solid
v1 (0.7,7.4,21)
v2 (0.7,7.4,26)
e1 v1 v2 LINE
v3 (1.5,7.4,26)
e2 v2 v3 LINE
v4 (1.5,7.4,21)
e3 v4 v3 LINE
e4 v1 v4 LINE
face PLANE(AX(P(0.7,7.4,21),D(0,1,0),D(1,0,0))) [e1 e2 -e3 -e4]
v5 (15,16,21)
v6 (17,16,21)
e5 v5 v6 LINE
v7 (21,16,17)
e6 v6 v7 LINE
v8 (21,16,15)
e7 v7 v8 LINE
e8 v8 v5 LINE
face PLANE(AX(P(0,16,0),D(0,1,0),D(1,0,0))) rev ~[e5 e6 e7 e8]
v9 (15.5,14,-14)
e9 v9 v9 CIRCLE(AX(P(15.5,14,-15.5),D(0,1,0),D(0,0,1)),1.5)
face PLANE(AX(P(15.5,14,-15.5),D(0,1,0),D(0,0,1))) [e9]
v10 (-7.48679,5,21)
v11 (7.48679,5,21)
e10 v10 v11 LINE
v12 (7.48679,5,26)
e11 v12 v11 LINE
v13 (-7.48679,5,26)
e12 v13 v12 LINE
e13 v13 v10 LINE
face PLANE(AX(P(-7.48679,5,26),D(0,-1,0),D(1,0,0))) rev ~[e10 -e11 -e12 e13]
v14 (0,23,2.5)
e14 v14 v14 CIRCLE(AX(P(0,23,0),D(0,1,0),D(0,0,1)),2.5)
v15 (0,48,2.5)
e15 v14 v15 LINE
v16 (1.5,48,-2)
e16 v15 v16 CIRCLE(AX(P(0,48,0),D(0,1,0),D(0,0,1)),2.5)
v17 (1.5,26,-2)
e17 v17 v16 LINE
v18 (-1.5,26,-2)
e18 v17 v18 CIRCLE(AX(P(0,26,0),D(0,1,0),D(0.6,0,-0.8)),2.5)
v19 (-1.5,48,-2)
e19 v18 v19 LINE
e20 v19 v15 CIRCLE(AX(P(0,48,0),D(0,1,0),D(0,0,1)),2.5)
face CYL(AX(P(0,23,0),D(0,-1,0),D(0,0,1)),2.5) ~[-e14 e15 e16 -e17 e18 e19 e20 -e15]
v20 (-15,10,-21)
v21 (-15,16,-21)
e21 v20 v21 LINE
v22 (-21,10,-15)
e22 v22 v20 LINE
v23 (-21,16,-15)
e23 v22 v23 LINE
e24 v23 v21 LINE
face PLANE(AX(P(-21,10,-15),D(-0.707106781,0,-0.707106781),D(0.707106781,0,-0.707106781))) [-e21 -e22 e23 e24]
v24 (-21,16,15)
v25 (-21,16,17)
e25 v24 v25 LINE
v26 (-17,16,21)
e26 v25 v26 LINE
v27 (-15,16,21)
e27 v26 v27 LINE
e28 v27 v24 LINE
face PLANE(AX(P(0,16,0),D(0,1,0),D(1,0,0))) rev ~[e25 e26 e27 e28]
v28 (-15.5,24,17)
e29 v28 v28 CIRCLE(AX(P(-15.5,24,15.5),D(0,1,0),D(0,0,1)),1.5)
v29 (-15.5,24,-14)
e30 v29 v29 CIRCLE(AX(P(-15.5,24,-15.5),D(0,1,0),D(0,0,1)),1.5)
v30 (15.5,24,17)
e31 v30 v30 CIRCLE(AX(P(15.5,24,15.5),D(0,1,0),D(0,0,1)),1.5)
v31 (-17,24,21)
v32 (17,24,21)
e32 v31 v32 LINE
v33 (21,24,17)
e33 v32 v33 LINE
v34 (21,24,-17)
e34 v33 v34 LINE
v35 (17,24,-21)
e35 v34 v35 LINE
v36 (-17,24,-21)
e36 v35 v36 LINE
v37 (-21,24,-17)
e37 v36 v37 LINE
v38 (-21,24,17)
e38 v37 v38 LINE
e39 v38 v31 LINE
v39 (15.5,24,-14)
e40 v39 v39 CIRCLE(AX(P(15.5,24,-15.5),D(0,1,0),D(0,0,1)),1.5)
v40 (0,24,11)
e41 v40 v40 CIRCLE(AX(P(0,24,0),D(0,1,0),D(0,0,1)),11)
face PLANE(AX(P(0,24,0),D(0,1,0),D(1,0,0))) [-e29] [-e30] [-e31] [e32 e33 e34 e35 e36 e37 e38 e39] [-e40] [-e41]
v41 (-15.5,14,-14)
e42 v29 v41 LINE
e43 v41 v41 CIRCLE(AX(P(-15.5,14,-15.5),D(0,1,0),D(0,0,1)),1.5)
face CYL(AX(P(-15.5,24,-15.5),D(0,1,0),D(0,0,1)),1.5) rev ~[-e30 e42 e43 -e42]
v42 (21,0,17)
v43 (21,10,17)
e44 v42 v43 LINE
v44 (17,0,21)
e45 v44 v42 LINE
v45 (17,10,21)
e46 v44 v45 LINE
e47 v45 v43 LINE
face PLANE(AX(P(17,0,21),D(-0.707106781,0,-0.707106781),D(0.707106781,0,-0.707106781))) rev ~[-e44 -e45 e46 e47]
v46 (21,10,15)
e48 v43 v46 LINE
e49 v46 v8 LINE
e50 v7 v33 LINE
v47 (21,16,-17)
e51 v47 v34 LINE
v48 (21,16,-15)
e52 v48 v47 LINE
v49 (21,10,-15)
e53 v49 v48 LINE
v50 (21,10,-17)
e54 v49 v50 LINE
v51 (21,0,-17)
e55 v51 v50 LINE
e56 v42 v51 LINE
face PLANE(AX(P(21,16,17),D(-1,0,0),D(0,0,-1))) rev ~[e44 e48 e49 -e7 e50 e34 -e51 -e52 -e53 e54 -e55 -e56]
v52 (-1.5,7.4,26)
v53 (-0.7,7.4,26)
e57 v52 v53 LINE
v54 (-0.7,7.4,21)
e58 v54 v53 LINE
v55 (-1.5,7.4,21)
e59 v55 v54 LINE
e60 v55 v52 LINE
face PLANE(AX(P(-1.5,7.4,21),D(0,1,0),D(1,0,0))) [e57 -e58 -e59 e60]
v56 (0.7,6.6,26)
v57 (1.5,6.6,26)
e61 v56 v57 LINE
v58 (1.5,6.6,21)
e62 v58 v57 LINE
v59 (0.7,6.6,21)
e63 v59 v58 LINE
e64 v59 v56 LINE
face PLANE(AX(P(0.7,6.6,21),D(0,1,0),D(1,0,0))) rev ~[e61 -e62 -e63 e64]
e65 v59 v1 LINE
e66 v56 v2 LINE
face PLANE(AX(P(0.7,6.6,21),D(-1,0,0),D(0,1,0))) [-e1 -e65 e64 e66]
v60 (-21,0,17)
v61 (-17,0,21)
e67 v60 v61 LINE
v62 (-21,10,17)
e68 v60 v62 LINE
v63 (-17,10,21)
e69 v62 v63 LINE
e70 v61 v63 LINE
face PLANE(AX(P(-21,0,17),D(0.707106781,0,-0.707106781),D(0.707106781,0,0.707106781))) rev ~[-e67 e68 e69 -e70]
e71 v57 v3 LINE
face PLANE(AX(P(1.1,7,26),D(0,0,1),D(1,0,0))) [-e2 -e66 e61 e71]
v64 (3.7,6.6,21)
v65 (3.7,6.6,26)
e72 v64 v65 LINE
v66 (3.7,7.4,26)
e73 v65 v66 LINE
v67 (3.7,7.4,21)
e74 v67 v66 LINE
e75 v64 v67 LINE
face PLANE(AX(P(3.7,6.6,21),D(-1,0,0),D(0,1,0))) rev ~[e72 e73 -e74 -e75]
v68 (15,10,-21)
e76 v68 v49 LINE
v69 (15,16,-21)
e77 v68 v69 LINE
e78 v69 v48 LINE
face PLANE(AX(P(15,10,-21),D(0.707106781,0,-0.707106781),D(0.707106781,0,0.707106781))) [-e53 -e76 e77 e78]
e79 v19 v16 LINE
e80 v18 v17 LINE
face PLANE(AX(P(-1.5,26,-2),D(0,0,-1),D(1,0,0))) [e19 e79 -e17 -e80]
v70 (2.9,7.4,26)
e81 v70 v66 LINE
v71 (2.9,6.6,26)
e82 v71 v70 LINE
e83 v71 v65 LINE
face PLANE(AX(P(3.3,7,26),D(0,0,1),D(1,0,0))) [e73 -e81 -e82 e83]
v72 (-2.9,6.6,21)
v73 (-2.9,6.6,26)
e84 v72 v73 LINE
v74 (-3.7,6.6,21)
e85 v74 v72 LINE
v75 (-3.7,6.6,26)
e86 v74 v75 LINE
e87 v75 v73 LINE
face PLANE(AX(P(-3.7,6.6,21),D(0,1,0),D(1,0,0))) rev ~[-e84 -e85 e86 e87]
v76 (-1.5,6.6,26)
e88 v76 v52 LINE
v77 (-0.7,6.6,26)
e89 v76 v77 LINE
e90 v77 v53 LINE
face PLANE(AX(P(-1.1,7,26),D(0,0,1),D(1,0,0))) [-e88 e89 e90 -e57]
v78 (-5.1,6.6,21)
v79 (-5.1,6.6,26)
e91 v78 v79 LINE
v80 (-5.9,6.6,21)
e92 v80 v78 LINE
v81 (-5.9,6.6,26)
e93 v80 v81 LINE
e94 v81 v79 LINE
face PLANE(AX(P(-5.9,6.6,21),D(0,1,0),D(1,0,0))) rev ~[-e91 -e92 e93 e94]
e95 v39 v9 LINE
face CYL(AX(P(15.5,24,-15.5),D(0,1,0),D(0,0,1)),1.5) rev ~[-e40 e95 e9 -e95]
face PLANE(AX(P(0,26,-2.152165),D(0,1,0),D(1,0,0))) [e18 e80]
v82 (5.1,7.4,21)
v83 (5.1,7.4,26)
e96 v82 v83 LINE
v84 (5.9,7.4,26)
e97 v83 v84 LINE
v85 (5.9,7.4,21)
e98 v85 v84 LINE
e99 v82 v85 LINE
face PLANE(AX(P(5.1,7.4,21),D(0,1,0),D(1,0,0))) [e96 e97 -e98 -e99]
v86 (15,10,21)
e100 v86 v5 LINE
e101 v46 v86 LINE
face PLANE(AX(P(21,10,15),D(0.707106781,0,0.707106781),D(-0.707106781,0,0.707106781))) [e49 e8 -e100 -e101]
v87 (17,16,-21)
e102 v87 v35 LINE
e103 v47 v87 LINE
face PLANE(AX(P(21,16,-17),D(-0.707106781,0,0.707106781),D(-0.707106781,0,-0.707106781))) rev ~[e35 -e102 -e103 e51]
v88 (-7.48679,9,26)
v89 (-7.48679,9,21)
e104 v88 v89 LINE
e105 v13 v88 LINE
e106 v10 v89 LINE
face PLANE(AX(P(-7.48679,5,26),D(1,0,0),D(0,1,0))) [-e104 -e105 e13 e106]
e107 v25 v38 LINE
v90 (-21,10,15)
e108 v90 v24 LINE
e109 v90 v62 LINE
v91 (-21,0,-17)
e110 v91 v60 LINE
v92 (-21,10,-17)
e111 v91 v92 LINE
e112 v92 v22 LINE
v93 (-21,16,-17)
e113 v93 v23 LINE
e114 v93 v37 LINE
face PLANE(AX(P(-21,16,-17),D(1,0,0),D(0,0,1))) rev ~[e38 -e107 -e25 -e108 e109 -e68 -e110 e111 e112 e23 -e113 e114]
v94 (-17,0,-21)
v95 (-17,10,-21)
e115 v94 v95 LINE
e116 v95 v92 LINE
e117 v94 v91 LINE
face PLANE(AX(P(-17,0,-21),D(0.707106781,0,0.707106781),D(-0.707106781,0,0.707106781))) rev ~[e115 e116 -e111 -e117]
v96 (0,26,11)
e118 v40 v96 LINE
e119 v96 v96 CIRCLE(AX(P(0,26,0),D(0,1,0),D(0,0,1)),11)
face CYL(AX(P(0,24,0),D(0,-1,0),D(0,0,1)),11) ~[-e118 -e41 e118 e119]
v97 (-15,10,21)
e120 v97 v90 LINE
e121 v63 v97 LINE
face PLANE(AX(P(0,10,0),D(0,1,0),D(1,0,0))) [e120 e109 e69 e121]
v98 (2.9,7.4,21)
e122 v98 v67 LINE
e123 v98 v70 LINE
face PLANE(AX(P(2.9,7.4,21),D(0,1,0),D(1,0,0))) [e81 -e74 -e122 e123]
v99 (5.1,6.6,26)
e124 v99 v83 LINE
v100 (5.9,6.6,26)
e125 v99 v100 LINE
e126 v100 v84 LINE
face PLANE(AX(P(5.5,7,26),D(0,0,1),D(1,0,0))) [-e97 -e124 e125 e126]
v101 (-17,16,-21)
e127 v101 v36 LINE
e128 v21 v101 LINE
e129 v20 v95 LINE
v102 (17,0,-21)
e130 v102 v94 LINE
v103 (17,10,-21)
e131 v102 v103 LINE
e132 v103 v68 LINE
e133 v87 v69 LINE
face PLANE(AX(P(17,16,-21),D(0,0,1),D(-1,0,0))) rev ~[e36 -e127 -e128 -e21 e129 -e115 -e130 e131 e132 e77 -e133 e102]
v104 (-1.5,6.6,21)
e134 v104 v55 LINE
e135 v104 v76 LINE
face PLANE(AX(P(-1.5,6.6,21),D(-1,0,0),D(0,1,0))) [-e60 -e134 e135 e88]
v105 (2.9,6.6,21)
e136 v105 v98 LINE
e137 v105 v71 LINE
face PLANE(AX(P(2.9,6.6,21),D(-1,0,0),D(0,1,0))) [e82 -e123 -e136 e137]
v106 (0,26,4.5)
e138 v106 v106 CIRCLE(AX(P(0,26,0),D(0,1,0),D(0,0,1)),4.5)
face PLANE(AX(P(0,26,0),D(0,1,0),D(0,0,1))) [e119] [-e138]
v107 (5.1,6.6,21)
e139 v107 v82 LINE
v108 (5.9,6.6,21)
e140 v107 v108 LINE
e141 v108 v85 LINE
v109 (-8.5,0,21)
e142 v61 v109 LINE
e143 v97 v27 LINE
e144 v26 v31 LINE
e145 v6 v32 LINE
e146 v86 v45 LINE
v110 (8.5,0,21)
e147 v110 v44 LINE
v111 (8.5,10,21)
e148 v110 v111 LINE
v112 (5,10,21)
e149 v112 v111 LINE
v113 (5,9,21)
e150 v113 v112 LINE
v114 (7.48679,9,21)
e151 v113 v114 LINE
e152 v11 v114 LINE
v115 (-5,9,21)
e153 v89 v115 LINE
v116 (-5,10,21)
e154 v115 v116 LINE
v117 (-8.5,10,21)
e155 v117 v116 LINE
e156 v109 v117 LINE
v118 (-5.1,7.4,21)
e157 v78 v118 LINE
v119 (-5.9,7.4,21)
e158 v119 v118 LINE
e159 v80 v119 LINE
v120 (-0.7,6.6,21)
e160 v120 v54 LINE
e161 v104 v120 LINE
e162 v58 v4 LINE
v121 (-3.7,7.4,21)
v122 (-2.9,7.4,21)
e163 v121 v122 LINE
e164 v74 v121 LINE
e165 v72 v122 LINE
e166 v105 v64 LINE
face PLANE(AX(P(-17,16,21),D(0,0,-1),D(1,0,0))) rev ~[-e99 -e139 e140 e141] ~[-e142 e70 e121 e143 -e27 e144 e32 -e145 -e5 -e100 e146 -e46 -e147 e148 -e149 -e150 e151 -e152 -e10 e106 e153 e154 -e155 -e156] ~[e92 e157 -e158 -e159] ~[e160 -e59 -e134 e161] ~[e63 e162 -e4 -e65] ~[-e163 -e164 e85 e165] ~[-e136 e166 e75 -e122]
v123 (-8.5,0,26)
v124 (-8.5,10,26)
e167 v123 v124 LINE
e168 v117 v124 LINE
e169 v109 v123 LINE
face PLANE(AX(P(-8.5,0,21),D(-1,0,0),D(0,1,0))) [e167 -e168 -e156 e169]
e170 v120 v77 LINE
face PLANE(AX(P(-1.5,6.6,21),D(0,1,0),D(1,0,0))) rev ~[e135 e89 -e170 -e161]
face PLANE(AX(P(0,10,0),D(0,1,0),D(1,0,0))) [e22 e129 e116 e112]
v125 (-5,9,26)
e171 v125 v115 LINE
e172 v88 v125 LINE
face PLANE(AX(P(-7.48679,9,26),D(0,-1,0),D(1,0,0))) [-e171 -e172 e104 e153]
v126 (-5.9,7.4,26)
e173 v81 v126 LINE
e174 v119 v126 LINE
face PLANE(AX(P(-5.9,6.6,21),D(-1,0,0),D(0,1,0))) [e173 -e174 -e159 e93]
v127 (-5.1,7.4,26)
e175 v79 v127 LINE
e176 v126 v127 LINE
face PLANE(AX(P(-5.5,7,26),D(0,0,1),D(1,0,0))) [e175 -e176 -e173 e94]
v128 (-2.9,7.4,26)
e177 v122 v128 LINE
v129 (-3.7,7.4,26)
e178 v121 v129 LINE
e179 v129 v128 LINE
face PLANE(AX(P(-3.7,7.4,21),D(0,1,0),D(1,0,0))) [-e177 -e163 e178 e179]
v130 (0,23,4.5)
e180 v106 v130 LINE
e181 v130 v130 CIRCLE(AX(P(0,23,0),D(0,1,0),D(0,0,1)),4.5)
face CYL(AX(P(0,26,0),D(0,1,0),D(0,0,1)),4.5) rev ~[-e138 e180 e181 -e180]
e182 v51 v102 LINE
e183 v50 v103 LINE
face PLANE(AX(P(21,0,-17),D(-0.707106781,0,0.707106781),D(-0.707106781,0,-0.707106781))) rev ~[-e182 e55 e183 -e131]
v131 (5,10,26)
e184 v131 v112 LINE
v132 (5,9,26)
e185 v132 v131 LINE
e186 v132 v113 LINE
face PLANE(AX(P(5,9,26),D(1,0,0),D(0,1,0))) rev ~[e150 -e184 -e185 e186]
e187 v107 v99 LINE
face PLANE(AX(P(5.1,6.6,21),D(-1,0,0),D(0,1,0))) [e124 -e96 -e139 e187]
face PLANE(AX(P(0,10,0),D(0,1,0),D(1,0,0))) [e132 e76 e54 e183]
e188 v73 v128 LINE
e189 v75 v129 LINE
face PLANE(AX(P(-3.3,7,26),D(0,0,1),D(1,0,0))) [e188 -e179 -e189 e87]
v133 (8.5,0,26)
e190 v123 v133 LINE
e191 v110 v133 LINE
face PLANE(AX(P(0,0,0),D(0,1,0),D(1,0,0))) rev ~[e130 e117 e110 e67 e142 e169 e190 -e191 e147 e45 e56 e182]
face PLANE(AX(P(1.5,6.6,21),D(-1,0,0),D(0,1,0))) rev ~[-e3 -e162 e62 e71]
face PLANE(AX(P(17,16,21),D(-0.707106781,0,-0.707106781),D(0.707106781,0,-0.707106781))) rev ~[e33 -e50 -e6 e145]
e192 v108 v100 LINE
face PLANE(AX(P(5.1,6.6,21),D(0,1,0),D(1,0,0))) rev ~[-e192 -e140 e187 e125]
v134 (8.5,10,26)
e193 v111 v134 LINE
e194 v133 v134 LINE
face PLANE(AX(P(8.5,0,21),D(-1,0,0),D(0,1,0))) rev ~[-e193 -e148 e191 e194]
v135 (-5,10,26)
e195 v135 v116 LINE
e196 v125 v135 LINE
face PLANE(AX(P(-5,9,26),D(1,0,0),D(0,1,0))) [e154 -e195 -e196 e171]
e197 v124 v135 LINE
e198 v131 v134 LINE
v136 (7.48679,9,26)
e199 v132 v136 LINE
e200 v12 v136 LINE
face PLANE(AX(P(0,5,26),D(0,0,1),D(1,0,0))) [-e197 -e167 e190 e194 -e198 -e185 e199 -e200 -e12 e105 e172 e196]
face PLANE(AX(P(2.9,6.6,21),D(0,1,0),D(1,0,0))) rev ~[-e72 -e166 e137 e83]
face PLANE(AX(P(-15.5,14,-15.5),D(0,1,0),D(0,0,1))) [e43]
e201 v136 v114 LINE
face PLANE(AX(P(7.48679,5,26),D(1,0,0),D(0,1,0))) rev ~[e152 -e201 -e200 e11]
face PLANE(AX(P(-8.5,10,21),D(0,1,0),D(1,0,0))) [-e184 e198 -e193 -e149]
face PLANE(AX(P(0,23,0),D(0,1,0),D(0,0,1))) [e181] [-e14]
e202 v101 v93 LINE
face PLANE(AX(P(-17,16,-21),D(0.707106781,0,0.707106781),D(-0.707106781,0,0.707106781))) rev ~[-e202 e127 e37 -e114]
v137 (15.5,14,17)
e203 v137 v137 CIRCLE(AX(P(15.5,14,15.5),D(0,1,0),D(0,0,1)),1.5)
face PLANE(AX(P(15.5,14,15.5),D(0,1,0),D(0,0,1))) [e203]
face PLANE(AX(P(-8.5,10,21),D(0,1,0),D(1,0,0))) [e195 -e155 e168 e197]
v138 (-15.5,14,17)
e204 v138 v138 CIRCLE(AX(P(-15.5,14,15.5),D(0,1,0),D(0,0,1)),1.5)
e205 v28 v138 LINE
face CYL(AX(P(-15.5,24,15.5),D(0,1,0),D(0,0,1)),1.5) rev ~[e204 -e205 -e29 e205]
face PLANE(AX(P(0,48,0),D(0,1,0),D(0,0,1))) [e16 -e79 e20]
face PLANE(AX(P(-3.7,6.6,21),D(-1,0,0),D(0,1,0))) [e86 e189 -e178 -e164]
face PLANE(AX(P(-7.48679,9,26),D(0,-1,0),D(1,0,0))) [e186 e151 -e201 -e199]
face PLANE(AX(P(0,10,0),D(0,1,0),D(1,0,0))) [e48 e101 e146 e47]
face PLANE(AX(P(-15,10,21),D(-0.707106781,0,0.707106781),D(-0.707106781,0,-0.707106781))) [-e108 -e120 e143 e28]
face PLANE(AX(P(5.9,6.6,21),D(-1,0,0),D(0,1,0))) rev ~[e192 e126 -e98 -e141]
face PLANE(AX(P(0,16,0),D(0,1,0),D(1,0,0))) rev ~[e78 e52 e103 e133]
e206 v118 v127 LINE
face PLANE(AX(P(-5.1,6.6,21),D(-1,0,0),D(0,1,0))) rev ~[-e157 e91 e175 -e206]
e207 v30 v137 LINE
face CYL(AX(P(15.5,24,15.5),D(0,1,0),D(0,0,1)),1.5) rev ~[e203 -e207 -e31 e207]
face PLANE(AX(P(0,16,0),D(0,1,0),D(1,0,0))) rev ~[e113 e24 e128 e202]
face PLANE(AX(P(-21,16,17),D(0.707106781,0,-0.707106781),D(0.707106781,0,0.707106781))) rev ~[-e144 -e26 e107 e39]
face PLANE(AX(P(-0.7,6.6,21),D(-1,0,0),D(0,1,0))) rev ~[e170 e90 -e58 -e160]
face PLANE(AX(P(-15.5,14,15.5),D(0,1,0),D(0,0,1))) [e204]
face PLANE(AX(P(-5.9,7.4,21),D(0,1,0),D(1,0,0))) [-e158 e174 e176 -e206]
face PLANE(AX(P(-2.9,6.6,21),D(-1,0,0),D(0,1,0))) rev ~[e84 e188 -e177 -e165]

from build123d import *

# Parameters (mm, degrees)
EXTRUDE_1_DEPTH     = 10
EXTRUDE_2_DEPTH     = 6
EXTRUDE_3_DEPTH     = 8
SKETCH_5_R          = 11
EXTRUDE_4_DEPTH     = 2
SKETCH_6_R          = 4.5
CUT_EXTRUDE_1_DEPTH = 3
SKETCH_7_R          = 2.5
EXTRUDE_5_DEPTH     = 25
CUT_EXTRUDE_START   = -22
CUT_EXTRUDE_2_DEPTH = 22
SKETCH_9_R          = 1.5
CUT_EXTRUDE_3_DEPTH = 10
SKETCH_10_W         = 17
SKETCH_10_H         = 10
EXTRUDE_6_DEPTH     = 5
SKETCH_11_W         = 14.973580244
SKETCH_11_H         = 4
CUT_EXTRUDE_4_DEPTH = 5
SKETCH_12_W         = 10
SKETCH_12_H         = 1.224563607
CUT_EXTRUDE_5_DEPTH = 5
SKETCH_13_W         = 0.8
SKETCH_13_H         = 0.8
EXTRUDE_7_DEPTH     = 5


with BuildPart() as part:
    # 草图1 → 凸台-拉伸1 (new body)
    with BuildSketch(Plane(origin=(0, 0, 0), x_dir=(1, 0, 0), z_dir=(0, 1, 0))):
        Polygon((-17, -21), (17, -21), (21, -17), (21, 17), (17, 21), (-17, 21), (-21, 17), (-21, -17), align=None)
    extrude(amount=EXTRUDE_1_DEPTH)

    # 草图3 → 凸台-拉伸2 (add)
    with BuildSketch(Plane(origin=(0, 10, 0), x_dir=(1, 0, 0), z_dir=(0, 1, 0))):
        Polygon((15, 21), (21, 15), (21, -15), (15, -21), (-15, -21), (-21, -15), (-21, 15), (-15, 21), align=None)
    extrude(amount=EXTRUDE_2_DEPTH)

    # 草图4 → 凸台-拉伸3 (add)
    with BuildSketch(Plane(origin=(0, 16, 0), x_dir=(1, 0, 0), z_dir=(0, 1, 0))):
        Polygon((15, 21), (-15, 21), (-17, 21), (-21, 17), (-21, 15), (-21, -15), (-21, -17), (-17, -21), (-15, -21), (15, -21), (17, -21), (21, -17), (21, -15), (21, 15), (21, 17), (17, 21), align=None)
    extrude(amount=EXTRUDE_3_DEPTH)

    # 草图5 → 凸台-拉伸4 (add)
    with BuildSketch(Plane(origin=(0, 24, 0), x_dir=(1, 0, 0), z_dir=(0, 1, 0))):
        with Locations(Location((0, 0, 0), (0, 0, 270))):
            Circle(SKETCH_5_R)
    extrude(amount=EXTRUDE_4_DEPTH)

    # 草图6 → 切除-拉伸1 (cut)
    with BuildSketch(Plane(origin=(0, 26, 0), x_dir=(1, 0, 0), z_dir=(0, 1, 0))):
        with Locations(Location((0, 0, 0), (0, 0, 270))):
            Circle(SKETCH_6_R)
    extrude(amount=-CUT_EXTRUDE_1_DEPTH, mode=Mode.SUBTRACT)

    # 草图7 → 凸台-拉伸5 (add)
    with BuildSketch(Plane(origin=(0, 23, 0), x_dir=(1, 0, 0), z_dir=(0, 1, 0))):
        with Locations(Location((0, 0, 0), (0, 0, 270))):
            Circle(SKETCH_7_R)
    extrude(amount=EXTRUDE_5_DEPTH)

    # 草图8 → 切除-拉伸2 (cut)
    with BuildSketch(Plane(origin=(0, 48, 0), x_dir=(1, 0, 0), z_dir=(0, 1, 0)).offset(CUT_EXTRUDE_START)):
        with BuildLine():
            Line((-1.5, 2), (1.5, 2))
            ThreePointArc((1.5, 2), (0, 2.5), (-1.5, 2))
        make_face()
    extrude(amount=CUT_EXTRUDE_2_DEPTH, mode=Mode.SUBTRACT)

    # 草图9 → 切除-拉伸3 (cut)
    with BuildSketch(Plane(origin=(0, 24, 0), x_dir=(1, 0, 0), z_dir=(0, 1, 0))):
        with Locations(Location((-15.5, 15.5, 0), (0, 0, 270))):
            Circle(SKETCH_9_R)
        with Locations(Location((15.5, 15.5, 0), (0, 0, 270))):
            Circle(SKETCH_9_R)
        with Locations(Location((15.5, -15.5, 0), (0, 0, 270))):
            Circle(SKETCH_9_R)
        with Locations(Location((-15.5, -15.5, 0), (0, 0, 270))):
            Circle(SKETCH_9_R)
    extrude(amount=-CUT_EXTRUDE_3_DEPTH, mode=Mode.SUBTRACT)

    # 草图10 → 凸台-拉伸6 (add)
    with BuildSketch(Plane.XY.offset(21)):
        with Locations((0, 5)):
            Rectangle(SKETCH_10_W, SKETCH_10_H)
    extrude(amount=EXTRUDE_6_DEPTH)

    # 草图11 → 切除-拉伸4 (cut)
    with BuildSketch(Plane.XY.offset(26)):
        with Locations((0, 7)):
            Rectangle(SKETCH_11_W, SKETCH_11_H)
    extrude(amount=-CUT_EXTRUDE_4_DEPTH, mode=Mode.SUBTRACT)

    # 草图12 → 切除-拉伸5 (cut)
    with BuildSketch(Plane.XY.offset(26)):
        with Locations((0, 9.612281804)):
            Rectangle(SKETCH_12_W, SKETCH_12_H)
    extrude(amount=-CUT_EXTRUDE_5_DEPTH, mode=Mode.SUBTRACT)

    # 草图13 → 凸台-拉伸7 (add)
    with BuildSketch(Plane.XY.offset(21)):
        with Locations((-5.5, 7)):
            Rectangle(SKETCH_13_W, SKETCH_13_H)
        with Locations((-3.3, 7)):
            Rectangle(SKETCH_13_W, SKETCH_13_H)
        with Locations((-1.1, 7)):
            Rectangle(SKETCH_13_W, SKETCH_13_H)
        with Locations((1.1, 7)):
            Rectangle(SKETCH_13_W, SKETCH_13_H)
        with Locations((3.3, 7)):
            Rectangle(SKETCH_13_W, SKETCH_13_H)
        with Locations((5.5, 7)):
            Rectangle(SKETCH_13_W, SKETCH_13_H)
    extrude(amount=EXTRUDE_7_DEPTH)


solid = part.part
